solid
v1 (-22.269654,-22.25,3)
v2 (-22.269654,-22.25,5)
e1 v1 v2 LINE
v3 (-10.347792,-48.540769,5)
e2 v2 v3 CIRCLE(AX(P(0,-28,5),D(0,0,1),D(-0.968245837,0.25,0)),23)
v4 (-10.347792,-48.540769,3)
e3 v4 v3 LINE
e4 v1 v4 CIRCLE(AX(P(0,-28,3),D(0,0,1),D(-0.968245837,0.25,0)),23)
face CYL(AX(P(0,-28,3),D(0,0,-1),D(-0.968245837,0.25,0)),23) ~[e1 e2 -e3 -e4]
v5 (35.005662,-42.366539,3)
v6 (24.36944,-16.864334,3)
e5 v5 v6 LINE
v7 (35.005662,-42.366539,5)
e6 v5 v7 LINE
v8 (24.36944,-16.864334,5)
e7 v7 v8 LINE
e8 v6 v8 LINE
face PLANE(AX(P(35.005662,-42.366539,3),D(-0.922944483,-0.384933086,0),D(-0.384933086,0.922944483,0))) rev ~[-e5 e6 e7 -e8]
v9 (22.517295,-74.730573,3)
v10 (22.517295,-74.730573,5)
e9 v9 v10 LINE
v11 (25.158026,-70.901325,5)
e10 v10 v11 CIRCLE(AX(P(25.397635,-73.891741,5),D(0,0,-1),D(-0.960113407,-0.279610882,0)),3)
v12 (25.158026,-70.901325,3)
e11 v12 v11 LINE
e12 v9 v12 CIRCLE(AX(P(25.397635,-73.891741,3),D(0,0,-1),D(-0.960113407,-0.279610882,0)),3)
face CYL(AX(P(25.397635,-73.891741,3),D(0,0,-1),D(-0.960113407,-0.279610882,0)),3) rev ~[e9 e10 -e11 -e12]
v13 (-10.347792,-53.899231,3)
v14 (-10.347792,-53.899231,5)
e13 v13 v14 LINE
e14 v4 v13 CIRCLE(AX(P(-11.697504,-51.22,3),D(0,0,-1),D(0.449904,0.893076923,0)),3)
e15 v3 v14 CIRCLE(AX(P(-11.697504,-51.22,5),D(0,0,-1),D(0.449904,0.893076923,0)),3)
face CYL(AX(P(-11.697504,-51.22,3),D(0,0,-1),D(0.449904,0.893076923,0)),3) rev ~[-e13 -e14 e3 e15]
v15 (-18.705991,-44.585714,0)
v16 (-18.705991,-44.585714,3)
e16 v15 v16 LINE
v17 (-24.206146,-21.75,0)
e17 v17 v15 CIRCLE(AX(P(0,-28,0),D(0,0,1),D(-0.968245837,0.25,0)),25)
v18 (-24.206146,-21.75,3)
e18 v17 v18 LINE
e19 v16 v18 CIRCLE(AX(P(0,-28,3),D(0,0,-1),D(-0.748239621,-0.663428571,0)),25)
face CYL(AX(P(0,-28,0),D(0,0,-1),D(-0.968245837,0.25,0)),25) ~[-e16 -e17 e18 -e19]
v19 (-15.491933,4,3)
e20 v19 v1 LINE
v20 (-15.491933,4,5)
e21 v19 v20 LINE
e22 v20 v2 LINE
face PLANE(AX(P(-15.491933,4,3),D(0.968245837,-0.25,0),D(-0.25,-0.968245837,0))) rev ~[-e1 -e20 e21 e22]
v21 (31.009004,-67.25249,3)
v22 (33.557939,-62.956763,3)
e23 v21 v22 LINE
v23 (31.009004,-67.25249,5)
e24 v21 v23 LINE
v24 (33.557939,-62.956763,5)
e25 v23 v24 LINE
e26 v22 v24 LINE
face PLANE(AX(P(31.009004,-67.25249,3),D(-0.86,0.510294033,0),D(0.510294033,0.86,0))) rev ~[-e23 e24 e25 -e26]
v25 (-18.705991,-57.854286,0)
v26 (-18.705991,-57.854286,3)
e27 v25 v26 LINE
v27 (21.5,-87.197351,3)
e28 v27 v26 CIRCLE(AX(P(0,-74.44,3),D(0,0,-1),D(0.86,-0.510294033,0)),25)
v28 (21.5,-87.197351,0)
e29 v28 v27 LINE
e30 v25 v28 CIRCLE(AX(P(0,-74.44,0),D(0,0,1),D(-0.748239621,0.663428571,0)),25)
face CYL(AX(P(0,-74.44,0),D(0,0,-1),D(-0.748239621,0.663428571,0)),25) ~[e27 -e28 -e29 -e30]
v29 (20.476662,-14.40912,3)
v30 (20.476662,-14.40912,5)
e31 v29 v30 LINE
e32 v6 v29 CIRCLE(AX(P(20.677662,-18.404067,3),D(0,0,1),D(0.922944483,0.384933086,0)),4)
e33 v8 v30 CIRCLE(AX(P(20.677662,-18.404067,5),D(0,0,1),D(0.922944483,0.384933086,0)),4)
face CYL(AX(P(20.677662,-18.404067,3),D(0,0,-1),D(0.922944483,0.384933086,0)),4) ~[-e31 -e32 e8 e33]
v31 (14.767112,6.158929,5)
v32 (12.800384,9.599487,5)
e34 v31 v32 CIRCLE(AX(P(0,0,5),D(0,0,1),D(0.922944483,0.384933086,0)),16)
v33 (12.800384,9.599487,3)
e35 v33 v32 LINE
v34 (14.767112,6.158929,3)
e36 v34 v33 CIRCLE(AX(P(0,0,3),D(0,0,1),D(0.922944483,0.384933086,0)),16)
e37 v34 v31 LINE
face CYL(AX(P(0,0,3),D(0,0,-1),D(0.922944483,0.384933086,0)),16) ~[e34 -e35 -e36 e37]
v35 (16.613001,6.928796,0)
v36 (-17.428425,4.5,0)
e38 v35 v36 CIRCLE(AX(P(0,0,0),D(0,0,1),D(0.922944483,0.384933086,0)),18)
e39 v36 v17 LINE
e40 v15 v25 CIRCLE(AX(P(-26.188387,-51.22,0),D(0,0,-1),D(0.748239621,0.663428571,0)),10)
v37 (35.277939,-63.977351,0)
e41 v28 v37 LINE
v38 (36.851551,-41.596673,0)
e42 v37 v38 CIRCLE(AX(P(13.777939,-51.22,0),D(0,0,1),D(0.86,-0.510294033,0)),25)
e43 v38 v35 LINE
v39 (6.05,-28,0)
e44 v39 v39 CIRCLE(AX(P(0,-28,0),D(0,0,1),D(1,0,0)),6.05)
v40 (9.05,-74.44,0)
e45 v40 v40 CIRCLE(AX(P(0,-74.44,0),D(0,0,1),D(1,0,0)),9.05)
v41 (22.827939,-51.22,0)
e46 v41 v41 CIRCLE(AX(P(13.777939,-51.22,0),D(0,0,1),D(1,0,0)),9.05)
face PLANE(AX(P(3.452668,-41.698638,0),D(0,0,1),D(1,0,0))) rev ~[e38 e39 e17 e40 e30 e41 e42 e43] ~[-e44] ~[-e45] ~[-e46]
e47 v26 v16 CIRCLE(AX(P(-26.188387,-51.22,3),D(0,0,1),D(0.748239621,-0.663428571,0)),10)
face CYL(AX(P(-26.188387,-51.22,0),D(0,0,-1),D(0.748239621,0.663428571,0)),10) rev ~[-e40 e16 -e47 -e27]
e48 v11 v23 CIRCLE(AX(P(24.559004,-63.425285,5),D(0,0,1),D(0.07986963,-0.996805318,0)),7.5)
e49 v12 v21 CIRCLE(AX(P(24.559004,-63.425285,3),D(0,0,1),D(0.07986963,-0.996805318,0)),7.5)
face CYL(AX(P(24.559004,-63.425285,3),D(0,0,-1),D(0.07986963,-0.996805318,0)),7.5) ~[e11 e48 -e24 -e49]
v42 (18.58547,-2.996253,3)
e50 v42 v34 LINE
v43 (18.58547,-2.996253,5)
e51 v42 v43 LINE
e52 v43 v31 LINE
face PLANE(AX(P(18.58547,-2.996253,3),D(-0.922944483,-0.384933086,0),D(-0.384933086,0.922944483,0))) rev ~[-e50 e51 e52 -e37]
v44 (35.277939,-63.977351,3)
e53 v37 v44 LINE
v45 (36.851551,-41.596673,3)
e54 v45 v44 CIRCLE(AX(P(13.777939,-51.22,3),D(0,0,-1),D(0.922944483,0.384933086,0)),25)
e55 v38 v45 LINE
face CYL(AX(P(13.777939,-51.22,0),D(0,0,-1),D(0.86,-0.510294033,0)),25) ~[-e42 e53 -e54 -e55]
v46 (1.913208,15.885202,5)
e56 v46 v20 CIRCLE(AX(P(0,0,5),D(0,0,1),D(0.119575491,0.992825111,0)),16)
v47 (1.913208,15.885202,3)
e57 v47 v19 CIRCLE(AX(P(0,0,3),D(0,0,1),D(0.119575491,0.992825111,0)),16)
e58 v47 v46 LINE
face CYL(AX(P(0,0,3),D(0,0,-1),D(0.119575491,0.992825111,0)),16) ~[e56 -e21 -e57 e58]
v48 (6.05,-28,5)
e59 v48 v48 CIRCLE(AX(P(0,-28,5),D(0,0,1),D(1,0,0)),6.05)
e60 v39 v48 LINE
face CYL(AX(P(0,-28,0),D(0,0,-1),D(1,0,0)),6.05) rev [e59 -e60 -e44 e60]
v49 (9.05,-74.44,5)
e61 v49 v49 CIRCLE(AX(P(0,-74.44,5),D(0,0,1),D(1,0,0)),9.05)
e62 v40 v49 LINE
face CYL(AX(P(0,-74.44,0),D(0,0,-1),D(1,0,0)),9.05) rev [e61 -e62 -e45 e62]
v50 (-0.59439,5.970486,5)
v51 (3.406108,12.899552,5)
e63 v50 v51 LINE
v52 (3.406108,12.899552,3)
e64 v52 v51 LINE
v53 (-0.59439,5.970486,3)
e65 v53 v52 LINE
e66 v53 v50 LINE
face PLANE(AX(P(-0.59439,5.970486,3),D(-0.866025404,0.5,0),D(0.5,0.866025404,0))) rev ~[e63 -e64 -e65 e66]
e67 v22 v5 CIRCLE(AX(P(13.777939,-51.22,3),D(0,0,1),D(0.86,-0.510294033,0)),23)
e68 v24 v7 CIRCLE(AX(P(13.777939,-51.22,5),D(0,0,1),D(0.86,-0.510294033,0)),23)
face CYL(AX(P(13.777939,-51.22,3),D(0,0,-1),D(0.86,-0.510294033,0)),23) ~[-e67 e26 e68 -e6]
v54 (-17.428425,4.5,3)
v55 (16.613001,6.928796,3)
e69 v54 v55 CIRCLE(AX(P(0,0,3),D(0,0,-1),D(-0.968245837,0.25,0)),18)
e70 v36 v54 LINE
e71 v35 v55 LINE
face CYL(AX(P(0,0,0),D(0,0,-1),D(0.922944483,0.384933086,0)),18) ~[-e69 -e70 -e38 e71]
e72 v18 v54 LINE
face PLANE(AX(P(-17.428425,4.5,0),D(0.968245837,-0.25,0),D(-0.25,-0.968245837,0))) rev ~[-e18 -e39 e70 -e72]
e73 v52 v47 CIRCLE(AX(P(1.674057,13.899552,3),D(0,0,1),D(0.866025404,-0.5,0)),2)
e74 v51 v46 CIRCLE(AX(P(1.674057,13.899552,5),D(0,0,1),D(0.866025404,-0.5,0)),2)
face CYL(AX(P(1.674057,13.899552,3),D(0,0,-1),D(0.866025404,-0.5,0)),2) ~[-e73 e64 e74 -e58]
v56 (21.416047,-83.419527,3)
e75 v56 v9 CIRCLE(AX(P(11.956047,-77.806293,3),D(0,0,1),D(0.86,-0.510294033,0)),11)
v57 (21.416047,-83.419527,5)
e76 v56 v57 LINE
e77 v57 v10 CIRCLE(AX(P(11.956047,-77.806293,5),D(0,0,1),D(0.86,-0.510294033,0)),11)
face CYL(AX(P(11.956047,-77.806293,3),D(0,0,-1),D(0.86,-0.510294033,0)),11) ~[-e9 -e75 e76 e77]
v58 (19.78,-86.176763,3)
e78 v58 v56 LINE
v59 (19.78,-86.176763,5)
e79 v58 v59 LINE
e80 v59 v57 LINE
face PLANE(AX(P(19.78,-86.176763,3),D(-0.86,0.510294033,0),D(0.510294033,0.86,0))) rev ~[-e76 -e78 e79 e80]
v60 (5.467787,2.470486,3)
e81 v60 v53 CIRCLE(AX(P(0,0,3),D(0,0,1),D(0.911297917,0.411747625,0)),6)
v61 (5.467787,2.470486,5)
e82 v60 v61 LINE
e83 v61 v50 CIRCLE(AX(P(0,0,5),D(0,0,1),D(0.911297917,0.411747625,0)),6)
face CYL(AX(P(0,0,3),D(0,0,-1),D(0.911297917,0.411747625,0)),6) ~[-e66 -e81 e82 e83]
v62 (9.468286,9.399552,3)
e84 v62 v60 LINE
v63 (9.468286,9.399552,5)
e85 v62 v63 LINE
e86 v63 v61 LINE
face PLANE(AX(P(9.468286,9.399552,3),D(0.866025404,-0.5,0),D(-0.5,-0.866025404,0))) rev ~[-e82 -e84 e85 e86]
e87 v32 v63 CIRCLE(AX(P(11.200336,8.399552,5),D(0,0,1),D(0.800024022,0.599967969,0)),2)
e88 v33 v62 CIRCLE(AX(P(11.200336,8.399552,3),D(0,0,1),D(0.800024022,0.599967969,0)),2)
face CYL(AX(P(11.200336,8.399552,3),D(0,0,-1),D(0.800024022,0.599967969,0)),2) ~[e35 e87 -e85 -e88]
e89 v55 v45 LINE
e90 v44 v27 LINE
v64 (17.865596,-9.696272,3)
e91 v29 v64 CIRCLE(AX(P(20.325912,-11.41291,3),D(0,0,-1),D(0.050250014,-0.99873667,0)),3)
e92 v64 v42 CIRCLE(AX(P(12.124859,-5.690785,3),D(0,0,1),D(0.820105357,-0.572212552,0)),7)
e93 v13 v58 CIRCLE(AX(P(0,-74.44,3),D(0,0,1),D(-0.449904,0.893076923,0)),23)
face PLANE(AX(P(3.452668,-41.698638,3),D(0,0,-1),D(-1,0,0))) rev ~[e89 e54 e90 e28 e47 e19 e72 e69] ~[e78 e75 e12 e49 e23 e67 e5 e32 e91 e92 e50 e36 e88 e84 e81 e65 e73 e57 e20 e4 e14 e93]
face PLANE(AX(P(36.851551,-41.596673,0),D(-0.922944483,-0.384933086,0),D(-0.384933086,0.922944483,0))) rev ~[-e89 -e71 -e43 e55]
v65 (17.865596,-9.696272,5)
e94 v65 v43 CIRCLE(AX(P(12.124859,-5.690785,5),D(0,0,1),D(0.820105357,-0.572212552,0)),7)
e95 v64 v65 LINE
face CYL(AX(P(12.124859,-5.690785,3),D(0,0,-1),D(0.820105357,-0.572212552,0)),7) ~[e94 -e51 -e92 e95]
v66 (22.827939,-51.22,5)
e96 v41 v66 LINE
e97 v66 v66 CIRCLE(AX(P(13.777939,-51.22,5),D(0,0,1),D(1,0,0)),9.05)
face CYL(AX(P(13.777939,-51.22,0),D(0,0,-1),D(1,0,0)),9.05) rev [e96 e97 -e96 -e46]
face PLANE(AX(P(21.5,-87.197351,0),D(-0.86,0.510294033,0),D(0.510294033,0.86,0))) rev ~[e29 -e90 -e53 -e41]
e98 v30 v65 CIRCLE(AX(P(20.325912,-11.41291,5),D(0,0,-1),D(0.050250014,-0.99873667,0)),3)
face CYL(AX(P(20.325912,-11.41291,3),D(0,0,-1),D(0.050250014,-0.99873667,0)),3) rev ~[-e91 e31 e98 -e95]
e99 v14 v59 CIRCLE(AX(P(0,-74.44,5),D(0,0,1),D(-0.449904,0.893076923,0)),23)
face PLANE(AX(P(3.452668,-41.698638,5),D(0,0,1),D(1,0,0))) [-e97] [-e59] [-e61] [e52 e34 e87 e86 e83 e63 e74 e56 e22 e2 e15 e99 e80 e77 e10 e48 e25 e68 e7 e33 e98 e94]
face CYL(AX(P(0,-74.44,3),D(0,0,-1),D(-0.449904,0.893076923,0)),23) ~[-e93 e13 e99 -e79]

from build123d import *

# Parameters (mm, degrees)
SKETCH1_R           = 6.05
SKETCH1_R_2         = 9.05
BOSS_EXTRUDE1_DEPTH = 5
CUT_EXTRUDE1_START  = -2
CUT_EXTRUDE1_DEPTH  = 2


with BuildPart() as part:
    # Sketch1 → Boss-Extrude1 (new body)
    with BuildSketch(Plane.XY):
        with BuildLine():
            Line((-17.428425058, 4.5), (-24.206145914, -21.75))
            ThreePointArc((-24.206145914, -21.75), (-24.304944461, -33.854030643), (-18.705990528, -44.585714286))
            ThreePointArc((-18.705990528, -44.585714286), (-16.188386739, -51.22), (-18.705990528, -57.854285714))
            ThreePointArc((-18.705990528, -57.854285714), (-14.737892988, -94.633922608), (21.5, -87.197350822))
            Line((21.5, -87.197350822), (35.277938888, -63.977350822))
            ThreePointArc((35.277938888, -63.977350822), (38.71637128, -52.973450833), (36.851550967, -41.59667284))
            Line((36.851550967, -41.59667284), (16.613000697, 6.928795555))
            ThreePointArc((16.613000697, 6.928795555), (-1.281011782, 17.954359048), (-17.428425058, 4.5))
        make_face()
        with Locations((0, -28)):
            Circle(SKETCH1_R, mode=Mode.SUBTRACT)
        with Locations((13.777938888, -51.22)):
            Circle(SKETCH1_R_2, mode=Mode.SUBTRACT)
        with Locations((0, -74.44)):
            Circle(SKETCH1_R_2, mode=Mode.SUBTRACT)
    extrude(amount=BOSS_EXTRUDE1_DEPTH)

    # Sketch2 → Cut-Extrude1 (cut)
    with BuildSketch(Plane.XY.offset(5).offset(CUT_EXTRUDE1_START)):
        with BuildLine():
            Line((16.613000697, 6.928795555), (36.851550967, -41.59667284))
            ThreePointArc((36.851550967, -41.59667284), (38.71637128, -52.973450833), (35.277938888, -63.977350822))
            Line((35.277938888, -63.977350822), (21.5, -87.197350822))
            ThreePointArc((21.5, -87.197350822), (-14.737892988, -94.633922608), (-18.705990528, -57.854285714))
            ThreePointArc((-18.705990528, -57.854285714), (-16.188386739, -51.22), (-18.705990528, -44.585714286))
            ThreePointArc((-18.705990528, -44.585714286), (-24.304944461, -33.854030643), (-24.206145914, -21.75))
            Line((-24.206145914, -21.75), (-17.428425058, 4.5))
            ThreePointArc((-17.428425058, 4.5), (-1.281011782, 17.954359048), (16.613000697, 6.928795555))
        make_face()
        with BuildLine():
            Line((9.468285508, 9.39955156), (5.467787499, 2.470485754))
            ThreePointArc((5.467787499, 2.470485754), (3, 5.196152423), (-0.594390327, 5.970485754))
            Line((-0.594390327, 5.970485754), (3.406107682, 12.89955156))
            ThreePointArc((3.406107682, 12.89955156), (3.46289335, 14.794014563), (1.913207856, 15.885201783))
            ThreePointArc((1.913207856, 15.885201783), (-9.022746373, 13.213252737), (-15.491933385, 4))
            Line((-15.491933385, 4), (-22.269654241, -22.25))
            ThreePointArc((-22.269654241, -22.25), (-20.946970822, -37.498653241), (-10.347792006, -48.540769231))
            ThreePointArc((-10.347792006, -48.540769231), (-8.697504007, -51.22), (-10.347792006, -53.899230769))
            ThreePointArc((-10.347792006, -53.899230769), (-16.813726675, -90.133903125), (19.78, -86.176762756))
            Line((19.78, -86.176762756), (21.416047429, -83.419527323))
            ThreePointArc((21.416047429, -83.419527323), (22.868749584, -79.189380689), (22.517294907, -74.730573258))
            ThreePointArc((22.517294907, -74.730573258), (22.927957655, -72.188598464), (25.15802624, -70.901324657))
            ThreePointArc((25.15802624, -70.901324657), (28.527716294, -69.789192601), (31.009004018, -67.252490018))
            Line((31.009004018, -67.252490018), (33.557938888, -62.956762756))
            ThreePointArc((33.557938888, -62.956762756), (36.721296689, -52.833174766), (35.005662001, -42.366539013))
            Line((35.005662001, -42.366539013), (24.369440107, -16.864334436))
            ThreePointArc((24.369440107, -16.864334436), (22.811532345, -15.020784633), (20.47666212, -14.409120101))
            ThreePointArc((20.47666212, -14.409120101), (17.701744194, -12.866781789), (17.865596008, -9.696272437))
            ThreePointArc((17.865596008, -9.696272437), (19.084800596, -6.438585473), (18.585469893, -2.996252973))
            Line((18.585469893, -2.996252973), (14.76711173, 6.158929383))
            ThreePointArc((14.76711173, 6.158929383), (13.890682857, 7.940335621), (12.800384361, 9.599487498))
            ThreePointArc((12.800384361, 9.599487498), (11.080545761, 10.395960893), (9.468285508, 9.39955156))
        make_face(mode=Mode.SUBTRACT)
    extrude(amount=CUT_EXTRUDE1_DEPTH, mode=Mode.SUBTRACT)


solid = part.part
